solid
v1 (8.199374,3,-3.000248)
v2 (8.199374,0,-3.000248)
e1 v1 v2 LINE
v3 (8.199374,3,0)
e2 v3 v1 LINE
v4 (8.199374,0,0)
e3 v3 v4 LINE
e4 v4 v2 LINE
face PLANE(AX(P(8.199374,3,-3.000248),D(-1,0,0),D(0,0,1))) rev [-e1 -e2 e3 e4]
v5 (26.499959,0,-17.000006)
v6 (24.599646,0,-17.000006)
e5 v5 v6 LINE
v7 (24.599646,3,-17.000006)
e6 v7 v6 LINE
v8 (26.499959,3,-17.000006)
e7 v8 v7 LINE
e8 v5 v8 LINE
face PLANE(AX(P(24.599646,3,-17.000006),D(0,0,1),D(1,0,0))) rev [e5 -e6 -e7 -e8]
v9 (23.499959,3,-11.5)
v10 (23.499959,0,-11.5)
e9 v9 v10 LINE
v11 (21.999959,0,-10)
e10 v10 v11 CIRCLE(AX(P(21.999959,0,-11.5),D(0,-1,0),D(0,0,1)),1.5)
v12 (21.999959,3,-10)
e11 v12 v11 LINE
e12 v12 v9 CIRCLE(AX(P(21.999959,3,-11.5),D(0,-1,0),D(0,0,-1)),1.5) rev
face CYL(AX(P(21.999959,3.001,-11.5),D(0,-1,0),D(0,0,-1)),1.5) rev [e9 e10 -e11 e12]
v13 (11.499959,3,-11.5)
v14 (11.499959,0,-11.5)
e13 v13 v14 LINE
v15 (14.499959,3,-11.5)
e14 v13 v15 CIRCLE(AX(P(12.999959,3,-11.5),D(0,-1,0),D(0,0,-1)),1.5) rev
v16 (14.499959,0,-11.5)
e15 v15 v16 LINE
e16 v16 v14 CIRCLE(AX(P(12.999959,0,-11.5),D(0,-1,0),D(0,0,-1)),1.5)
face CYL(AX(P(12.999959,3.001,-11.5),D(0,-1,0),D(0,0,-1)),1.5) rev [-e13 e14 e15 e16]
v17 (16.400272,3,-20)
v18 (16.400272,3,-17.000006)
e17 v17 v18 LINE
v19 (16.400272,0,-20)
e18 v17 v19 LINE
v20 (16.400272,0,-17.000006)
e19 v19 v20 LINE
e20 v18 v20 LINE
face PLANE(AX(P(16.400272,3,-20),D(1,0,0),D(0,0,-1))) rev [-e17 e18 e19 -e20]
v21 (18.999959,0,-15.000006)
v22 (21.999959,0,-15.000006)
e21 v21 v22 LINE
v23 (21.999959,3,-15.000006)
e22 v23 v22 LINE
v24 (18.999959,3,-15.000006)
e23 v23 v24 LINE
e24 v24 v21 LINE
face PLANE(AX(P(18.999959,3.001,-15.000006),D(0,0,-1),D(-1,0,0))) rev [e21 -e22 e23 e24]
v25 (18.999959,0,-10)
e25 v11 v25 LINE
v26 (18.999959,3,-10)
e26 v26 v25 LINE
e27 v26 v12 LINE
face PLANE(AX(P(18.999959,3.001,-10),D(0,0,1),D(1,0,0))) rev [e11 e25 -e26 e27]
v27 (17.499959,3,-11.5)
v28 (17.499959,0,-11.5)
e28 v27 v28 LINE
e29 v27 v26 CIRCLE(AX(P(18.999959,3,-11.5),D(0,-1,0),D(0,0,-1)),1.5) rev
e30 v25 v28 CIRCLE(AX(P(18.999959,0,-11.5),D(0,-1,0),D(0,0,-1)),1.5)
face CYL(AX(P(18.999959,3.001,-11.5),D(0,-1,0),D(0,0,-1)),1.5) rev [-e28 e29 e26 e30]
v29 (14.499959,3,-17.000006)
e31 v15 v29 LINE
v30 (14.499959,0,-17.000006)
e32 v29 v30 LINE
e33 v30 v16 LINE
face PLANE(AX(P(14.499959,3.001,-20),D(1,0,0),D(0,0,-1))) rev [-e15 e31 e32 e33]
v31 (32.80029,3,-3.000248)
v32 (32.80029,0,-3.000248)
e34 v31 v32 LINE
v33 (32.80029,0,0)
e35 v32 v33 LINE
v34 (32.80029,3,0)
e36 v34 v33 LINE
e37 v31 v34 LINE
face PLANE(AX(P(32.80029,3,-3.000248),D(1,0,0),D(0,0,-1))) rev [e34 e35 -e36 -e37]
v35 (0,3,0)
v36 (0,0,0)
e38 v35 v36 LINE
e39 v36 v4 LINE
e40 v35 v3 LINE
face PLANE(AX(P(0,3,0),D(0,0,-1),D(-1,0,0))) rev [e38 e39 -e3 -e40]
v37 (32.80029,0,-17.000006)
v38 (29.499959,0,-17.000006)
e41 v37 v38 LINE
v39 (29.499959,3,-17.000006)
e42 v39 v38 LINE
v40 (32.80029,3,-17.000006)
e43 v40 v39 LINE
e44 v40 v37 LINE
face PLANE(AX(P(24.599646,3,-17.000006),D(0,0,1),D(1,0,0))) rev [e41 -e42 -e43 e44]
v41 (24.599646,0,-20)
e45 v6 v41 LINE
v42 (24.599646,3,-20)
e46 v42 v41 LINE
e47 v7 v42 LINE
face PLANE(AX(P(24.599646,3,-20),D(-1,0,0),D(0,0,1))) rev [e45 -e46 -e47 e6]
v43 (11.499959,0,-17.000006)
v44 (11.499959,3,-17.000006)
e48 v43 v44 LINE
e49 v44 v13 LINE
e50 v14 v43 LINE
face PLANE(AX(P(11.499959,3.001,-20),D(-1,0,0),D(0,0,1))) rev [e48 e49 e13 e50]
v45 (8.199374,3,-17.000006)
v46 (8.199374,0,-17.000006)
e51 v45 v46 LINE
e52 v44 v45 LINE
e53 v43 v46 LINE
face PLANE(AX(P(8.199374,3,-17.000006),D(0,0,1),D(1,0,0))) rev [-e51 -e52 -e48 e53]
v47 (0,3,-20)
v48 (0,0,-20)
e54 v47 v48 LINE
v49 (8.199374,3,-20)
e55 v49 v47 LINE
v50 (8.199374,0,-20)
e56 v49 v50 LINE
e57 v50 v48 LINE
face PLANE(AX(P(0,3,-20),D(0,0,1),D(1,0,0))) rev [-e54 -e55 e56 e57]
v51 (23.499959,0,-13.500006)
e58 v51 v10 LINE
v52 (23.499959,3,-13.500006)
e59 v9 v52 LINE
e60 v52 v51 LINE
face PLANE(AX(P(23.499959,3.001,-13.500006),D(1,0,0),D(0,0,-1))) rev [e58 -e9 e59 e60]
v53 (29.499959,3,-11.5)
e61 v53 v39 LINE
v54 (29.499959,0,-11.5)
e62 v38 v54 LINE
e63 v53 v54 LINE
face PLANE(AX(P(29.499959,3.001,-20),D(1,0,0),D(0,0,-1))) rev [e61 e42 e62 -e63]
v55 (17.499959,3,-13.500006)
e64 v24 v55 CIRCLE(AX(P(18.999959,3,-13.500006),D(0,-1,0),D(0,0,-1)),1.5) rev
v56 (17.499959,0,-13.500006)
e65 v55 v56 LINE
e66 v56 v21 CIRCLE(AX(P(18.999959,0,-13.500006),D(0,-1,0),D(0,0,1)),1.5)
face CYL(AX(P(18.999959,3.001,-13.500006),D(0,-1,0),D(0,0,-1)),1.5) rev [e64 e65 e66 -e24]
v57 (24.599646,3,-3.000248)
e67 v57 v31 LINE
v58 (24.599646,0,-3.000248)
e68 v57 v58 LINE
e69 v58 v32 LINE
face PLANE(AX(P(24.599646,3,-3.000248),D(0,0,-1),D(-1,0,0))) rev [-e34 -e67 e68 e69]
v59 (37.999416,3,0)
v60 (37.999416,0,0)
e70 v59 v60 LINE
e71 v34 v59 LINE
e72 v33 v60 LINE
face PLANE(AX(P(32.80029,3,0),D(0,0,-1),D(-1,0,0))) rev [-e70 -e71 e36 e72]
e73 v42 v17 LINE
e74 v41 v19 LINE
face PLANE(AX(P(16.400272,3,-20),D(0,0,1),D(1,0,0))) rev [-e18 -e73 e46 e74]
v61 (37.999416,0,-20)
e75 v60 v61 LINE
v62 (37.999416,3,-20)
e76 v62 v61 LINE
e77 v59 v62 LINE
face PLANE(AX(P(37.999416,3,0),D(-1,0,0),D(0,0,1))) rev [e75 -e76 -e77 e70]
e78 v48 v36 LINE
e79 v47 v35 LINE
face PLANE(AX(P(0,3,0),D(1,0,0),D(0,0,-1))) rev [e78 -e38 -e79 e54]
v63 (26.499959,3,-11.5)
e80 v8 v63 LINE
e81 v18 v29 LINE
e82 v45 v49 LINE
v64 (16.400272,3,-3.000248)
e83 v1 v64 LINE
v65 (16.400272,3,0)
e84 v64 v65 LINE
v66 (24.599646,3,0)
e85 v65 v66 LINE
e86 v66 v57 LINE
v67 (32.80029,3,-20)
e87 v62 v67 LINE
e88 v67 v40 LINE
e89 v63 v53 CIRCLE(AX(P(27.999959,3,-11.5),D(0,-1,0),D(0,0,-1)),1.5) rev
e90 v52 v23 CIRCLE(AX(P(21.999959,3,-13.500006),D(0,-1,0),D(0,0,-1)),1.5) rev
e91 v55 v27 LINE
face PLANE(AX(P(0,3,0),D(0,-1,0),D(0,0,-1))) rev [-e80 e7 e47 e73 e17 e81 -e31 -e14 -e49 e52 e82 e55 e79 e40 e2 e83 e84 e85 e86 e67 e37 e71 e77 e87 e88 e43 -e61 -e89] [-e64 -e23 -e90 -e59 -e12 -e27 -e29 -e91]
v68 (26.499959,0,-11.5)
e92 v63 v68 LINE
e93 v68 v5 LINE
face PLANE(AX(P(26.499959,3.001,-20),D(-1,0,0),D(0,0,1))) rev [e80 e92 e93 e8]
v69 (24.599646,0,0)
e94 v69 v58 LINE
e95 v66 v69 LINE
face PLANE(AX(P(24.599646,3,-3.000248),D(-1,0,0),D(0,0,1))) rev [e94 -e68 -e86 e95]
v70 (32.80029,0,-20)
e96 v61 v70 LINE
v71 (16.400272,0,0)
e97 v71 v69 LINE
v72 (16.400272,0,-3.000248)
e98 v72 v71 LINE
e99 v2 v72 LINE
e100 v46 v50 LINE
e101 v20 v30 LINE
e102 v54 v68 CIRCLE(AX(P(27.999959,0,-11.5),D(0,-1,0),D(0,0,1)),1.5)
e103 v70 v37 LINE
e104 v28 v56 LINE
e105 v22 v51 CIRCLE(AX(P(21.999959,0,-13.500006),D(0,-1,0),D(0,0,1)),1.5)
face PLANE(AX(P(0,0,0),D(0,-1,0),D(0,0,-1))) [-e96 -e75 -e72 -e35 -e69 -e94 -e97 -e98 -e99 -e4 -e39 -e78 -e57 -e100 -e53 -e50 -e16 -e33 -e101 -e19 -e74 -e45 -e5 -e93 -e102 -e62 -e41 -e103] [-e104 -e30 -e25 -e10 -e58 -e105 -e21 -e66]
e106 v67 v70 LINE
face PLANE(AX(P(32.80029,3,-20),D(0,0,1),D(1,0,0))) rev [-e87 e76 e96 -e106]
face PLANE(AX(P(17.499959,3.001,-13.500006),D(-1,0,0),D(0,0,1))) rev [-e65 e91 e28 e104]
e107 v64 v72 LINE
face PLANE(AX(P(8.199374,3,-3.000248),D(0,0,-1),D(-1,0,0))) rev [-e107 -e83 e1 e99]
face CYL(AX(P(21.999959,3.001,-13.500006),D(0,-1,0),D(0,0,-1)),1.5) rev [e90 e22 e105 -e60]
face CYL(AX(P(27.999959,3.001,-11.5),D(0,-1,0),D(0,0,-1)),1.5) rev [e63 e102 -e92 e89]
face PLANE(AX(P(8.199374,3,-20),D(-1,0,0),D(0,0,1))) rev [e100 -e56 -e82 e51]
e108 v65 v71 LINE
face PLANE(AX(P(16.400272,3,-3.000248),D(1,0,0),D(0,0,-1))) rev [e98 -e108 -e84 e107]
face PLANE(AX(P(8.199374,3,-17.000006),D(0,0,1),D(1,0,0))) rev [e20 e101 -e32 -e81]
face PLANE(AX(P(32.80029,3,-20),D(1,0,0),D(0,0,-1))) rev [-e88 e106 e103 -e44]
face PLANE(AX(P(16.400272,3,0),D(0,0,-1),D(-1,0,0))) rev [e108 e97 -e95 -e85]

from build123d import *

# Parameters (mm, degrees)
AUFSATZ_LINEAR_AUSTRAGEN1_DEPTH = 3
SCHNITT_LINEAR_AUSTRAGEN1_REACH = 5


with BuildPart() as part:
    # Skizze1 → Aufsatz-Linear austragen1 (new body)
    with BuildSketch(Plane(origin=(0, 0, 0), x_dir=(1, 0, 0), z_dir=(0, 1, 0))):
        Polygon((0, 0), (8.199374, 0), (8.199374, 3.000248), (16.400272, 3.000248), (16.400272, 0), (24.599646, 0), (24.599646, 3.000248), (32.80029, 3.000248), (32.80029, 0), (37.999416, 0), (37.999416, 20), (32.80029, 20), (32.80029, 17.000006), (24.599646, 17.000006), (24.599646, 20), (16.400272, 20), (16.400272, 17.000006), (8.199374, 17.000006), (8.199374, 20), (0, 20), align=None)
    extrude(amount=AUFSATZ_LINEAR_AUSTRAGEN1_DEPTH)

    # Skizze2 → Schnitt-Linear austragen1 (cut, up to next)
    with BuildSketch(Plane.XZ, mode=Mode.PRIVATE) as schnitt_linear_austragen1_sk1:
        with BuildLine():
            Line((11.499959, -20), (11.499959, -11.5))
            ThreePointArc((11.499959, -11.5), (12.999959, -10), (14.499959, -11.5))
            Line((14.499959, -11.5), (14.499959, -20))
            Line((14.499959, -20), (11.499959, -20))
        make_face()
    schnitt_linear_austragen1_tool1 = extrude(schnitt_linear_austragen1_sk1.sketch, amount=-SCHNITT_LINEAR_AUSTRAGEN1_REACH, mode=Mode.PRIVATE) & part.part
    add(schnitt_linear_austragen1_tool1.solids().sort_by_distance((12.999959, 0, -15.155161))[0], mode=Mode.SUBTRACT)
    # Skizze2 → Schnitt-Linear austragen1 (cut, up to next)
    with BuildSketch(Plane.XZ, mode=Mode.PRIVATE) as schnitt_linear_austragen1_sk2:
        with BuildLine():
            Line((26.499959, -20), (29.499959, -20))
            Line((29.499959, -20), (29.499959, -11.5))
            ThreePointArc((29.499959, -11.5), (27.999959, -10), (26.499959, -11.5))
            Line((26.499959, -11.5), (26.499959, -20))
        make_face()
    schnitt_linear_austragen1_tool2 = extrude(schnitt_linear_austragen1_sk2.sketch, amount=-SCHNITT_LINEAR_AUSTRAGEN1_REACH, mode=Mode.PRIVATE) & part.part
    add(schnitt_linear_austragen1_tool2.solids().sort_by_distance((27.999959, 0, -15.155161))[0], mode=Mode.SUBTRACT)
    # Skizze2 → Schnitt-Linear austragen1 (cut, up to next)
    with BuildSketch(Plane.XZ, mode=Mode.PRIVATE) as schnitt_linear_austragen1_sk3:
        with BuildLine():
            Line((18.999959, -10), (21.999959, -10))
            ThreePointArc((21.999959, -10), (23.060619172, -10.439339828), (23.499959, -11.5))
            Line((23.499959, -11.5), (23.499959, -13.500006))
            ThreePointArc((23.499959, -13.500006), (23.060619172, -14.560666172), (21.999959, -15.000006))
            Line((21.999959, -15.000006), (18.999959, -15.000006))
            ThreePointArc((18.999959, -15.000006), (17.939298828, -14.560666172), (17.499959, -13.500006))
            Line((17.499959, -13.500006), (17.499959, -11.5))
            ThreePointArc((17.499959, -11.5), (17.939298828, -10.439339828), (18.999959, -10))
        make_face()
    schnitt_linear_austragen1_tool3 = extrude(schnitt_linear_austragen1_sk3.sketch, amount=-SCHNITT_LINEAR_AUSTRAGEN1_REACH, mode=Mode.PRIVATE) & part.part
    add(schnitt_linear_austragen1_tool3.solids().sort_by_distance((20.499959, 0, -12.500003))[0], mode=Mode.SUBTRACT)


solid = part.part
